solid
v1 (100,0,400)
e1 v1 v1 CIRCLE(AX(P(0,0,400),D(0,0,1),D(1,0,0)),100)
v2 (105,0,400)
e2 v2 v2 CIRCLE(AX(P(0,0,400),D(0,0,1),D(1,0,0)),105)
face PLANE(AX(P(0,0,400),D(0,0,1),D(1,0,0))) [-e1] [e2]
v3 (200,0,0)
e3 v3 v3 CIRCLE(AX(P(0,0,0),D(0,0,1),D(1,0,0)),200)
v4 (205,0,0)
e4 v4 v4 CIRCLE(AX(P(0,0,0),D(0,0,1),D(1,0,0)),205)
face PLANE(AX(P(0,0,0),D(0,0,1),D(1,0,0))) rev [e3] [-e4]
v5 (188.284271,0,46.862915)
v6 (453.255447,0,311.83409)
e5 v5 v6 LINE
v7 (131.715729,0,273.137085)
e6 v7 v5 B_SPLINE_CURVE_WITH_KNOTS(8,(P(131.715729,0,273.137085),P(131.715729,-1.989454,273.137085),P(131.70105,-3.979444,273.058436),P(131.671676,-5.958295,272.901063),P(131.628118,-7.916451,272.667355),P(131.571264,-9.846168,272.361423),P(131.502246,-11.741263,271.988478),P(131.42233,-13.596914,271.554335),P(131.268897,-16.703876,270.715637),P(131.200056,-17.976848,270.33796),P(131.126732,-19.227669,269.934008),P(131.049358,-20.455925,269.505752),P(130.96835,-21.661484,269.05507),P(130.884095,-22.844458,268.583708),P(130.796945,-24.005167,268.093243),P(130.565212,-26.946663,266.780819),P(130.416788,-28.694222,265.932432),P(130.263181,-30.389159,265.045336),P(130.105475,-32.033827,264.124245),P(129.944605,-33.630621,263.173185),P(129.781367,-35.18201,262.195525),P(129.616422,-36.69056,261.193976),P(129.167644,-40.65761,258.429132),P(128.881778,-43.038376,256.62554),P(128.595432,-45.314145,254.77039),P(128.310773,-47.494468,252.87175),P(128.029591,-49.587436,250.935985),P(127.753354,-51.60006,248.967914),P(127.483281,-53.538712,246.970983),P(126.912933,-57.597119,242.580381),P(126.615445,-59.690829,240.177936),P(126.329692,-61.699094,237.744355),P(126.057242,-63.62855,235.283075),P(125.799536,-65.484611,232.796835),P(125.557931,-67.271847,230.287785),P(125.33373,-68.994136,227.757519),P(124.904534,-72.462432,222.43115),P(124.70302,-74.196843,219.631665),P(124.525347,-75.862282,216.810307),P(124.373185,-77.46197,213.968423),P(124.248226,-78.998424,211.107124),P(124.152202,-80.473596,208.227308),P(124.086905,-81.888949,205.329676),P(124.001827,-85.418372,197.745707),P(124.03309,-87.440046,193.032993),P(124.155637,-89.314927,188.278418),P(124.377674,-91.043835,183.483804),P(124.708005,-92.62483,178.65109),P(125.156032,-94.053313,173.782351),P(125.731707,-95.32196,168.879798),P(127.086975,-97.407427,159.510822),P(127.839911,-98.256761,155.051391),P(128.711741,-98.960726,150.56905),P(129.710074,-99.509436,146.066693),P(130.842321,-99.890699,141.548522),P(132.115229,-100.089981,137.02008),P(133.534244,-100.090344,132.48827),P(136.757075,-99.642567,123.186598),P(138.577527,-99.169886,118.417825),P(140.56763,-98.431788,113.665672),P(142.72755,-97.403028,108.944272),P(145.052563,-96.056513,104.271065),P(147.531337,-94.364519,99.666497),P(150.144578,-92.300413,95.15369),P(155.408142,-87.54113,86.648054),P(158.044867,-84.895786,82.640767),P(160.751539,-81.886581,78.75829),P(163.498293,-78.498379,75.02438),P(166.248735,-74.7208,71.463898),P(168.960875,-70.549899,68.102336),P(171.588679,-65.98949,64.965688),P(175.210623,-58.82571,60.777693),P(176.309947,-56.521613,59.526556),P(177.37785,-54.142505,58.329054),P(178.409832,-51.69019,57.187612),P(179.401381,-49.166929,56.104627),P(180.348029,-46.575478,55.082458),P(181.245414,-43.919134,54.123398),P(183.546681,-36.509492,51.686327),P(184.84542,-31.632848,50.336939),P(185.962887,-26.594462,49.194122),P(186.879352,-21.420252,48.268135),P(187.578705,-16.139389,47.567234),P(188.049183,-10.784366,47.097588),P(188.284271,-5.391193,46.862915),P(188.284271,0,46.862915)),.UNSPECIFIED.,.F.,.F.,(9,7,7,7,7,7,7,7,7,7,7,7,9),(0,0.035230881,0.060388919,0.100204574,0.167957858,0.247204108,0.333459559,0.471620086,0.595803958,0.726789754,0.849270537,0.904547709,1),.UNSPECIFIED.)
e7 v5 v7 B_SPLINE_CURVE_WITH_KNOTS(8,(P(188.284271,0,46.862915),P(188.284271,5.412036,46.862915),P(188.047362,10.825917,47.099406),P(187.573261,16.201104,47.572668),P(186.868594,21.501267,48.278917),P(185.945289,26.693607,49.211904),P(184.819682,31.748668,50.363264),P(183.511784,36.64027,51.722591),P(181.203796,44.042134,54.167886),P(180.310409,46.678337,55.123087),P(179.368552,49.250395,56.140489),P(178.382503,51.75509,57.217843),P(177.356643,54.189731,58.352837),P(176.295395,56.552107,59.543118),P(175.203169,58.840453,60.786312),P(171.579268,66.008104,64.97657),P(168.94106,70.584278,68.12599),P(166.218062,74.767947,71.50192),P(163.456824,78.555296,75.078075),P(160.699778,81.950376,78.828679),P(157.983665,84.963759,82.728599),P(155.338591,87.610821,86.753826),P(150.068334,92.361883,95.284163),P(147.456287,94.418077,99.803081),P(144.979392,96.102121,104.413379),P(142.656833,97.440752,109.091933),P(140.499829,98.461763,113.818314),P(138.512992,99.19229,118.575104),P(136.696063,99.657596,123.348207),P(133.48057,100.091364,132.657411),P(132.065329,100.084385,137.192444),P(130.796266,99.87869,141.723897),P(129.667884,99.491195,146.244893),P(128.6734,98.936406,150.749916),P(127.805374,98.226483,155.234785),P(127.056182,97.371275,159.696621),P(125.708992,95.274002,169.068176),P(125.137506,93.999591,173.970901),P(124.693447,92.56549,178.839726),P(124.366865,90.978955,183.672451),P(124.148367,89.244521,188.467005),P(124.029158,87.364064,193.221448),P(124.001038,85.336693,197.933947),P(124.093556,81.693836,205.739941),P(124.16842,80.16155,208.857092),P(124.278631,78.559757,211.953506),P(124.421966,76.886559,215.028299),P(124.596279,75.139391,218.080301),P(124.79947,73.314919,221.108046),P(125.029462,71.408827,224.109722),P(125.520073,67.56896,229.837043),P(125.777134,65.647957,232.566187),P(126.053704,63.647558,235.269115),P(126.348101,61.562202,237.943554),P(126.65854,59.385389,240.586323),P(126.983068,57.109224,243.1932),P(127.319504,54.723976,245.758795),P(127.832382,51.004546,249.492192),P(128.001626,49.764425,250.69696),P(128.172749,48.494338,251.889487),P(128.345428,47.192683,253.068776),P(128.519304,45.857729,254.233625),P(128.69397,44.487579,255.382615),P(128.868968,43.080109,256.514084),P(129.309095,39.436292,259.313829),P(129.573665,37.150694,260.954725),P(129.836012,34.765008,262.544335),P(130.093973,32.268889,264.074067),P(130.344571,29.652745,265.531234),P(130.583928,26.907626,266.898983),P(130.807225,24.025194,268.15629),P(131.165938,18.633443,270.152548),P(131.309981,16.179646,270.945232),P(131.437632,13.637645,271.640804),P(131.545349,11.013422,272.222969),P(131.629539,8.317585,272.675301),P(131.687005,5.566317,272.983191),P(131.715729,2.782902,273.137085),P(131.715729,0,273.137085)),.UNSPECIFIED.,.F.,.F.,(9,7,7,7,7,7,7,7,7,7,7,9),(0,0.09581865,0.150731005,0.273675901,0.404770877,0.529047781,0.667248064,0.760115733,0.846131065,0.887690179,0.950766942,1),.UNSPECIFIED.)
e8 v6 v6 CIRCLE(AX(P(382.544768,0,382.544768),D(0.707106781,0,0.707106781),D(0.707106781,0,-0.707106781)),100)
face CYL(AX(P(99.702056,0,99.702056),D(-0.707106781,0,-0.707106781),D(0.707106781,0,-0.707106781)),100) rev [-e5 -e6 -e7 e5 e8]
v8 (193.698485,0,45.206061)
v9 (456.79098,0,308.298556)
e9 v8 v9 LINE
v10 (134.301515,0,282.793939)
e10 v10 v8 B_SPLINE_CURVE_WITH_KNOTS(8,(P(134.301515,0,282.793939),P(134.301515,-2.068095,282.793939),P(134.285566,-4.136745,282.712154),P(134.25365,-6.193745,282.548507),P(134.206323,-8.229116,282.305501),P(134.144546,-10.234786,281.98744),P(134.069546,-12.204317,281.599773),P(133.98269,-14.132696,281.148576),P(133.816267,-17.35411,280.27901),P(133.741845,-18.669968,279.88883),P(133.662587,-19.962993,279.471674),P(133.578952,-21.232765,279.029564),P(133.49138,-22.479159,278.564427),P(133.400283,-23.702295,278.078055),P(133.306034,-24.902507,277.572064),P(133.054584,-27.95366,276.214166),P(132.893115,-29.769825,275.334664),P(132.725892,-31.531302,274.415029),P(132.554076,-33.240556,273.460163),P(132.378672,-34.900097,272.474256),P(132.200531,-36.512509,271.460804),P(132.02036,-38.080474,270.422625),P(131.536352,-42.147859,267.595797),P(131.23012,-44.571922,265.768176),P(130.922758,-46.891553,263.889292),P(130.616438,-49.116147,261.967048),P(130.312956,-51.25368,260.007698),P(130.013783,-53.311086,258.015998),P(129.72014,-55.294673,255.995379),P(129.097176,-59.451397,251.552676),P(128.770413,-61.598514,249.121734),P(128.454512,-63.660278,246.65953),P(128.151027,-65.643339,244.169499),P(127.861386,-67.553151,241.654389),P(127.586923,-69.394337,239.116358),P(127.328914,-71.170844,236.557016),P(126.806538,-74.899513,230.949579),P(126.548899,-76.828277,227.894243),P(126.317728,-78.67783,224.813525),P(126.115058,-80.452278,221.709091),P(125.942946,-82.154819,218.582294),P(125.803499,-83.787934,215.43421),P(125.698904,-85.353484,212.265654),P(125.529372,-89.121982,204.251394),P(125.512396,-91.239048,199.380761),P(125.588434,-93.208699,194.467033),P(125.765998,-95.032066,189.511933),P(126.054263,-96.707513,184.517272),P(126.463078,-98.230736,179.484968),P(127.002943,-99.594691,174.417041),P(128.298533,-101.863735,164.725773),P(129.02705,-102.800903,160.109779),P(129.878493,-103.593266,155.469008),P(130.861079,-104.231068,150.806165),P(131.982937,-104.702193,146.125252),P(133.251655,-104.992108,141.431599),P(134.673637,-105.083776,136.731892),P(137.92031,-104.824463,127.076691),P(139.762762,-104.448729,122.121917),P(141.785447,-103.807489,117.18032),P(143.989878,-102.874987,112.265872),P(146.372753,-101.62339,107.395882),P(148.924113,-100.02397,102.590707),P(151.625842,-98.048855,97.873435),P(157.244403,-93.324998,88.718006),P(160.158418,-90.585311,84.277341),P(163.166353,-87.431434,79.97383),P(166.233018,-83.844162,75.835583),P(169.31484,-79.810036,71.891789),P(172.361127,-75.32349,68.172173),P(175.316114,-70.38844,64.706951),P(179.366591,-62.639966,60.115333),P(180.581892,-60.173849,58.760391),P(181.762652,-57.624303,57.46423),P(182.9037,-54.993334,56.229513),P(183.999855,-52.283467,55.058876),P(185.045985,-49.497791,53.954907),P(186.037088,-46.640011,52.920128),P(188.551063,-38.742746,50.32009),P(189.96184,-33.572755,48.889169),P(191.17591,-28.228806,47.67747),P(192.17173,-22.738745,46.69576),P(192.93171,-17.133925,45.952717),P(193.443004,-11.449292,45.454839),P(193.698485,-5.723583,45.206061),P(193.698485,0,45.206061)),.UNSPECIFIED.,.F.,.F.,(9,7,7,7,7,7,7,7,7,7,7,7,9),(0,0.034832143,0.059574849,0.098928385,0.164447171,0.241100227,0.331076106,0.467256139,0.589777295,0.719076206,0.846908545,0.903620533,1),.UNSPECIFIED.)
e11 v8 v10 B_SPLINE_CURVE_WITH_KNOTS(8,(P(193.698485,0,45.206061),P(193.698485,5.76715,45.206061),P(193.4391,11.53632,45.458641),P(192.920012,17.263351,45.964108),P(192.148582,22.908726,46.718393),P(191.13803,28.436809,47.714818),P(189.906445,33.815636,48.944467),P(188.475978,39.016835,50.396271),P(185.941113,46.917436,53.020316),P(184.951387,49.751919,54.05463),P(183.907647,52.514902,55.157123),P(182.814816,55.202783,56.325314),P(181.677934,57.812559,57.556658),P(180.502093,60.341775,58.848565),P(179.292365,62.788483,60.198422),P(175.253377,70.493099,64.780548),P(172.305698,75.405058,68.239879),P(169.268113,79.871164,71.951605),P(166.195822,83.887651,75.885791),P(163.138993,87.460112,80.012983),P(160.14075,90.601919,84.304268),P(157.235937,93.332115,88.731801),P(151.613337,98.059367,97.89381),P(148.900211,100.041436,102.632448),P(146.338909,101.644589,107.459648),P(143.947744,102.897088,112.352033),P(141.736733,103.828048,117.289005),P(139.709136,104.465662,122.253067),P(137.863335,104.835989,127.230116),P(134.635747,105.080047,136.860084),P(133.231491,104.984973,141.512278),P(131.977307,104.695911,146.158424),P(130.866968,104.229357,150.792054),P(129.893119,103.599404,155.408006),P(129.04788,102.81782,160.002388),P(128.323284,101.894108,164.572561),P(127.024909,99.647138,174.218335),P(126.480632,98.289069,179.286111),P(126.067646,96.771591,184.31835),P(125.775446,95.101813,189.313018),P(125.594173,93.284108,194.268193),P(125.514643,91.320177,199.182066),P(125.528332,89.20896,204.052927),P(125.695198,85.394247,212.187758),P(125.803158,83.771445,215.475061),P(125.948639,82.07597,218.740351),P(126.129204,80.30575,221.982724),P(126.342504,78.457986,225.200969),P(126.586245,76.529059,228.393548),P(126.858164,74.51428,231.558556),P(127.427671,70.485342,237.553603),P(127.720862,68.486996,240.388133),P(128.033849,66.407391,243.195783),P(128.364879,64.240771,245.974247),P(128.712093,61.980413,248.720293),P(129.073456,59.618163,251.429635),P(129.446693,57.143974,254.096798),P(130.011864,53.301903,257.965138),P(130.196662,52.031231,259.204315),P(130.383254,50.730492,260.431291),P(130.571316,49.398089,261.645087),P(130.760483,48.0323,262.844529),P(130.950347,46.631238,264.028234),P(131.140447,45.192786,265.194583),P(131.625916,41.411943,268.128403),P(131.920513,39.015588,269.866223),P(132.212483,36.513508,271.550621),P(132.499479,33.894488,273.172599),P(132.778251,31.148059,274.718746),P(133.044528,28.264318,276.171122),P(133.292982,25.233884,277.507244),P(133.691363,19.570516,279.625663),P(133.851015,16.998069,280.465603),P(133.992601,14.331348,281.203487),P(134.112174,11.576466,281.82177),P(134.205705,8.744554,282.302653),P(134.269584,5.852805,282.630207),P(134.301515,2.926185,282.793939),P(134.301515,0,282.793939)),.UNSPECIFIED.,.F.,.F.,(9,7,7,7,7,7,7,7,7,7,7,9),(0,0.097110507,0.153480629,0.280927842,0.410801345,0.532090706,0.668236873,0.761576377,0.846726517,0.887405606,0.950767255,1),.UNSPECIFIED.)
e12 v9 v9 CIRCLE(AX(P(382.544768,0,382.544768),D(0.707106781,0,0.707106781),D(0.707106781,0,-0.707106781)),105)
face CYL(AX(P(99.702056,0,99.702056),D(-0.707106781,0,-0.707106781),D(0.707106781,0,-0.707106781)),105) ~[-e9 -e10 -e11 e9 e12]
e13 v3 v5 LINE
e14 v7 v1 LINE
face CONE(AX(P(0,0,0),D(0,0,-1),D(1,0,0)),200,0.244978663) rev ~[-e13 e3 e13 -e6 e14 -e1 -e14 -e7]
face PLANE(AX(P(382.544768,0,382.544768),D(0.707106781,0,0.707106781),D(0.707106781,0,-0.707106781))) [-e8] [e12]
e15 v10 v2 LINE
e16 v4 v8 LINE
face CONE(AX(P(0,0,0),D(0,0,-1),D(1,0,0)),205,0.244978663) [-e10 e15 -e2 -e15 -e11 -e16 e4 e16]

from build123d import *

# Parameters (mm, degrees)
CYLINDER_R              = 100
CYLINDER_DEPTH          = 400
CYLINDER_PITCH_ANGLE    = 45
CYLINDER001_R           = 105
CYLINDER001_DEPTH       = 400
CYLINDER001_PITCH_ANGLE = 45


with BuildPart() as cylinder:
    # Cylinder → Cylinder (new body)
    with BuildSketch(Plane.XY):
        Circle(CYLINDER_R)
    extrude(amount=CYLINDER_DEPTH)


with BuildPart() as cylinder_1:
    # Cylinder pitch: moved
    add(cylinder.part.rotate(Axis((0, 0, 0), (0, 1, 0)), CYLINDER_PITCH_ANGLE))


with BuildPart() as cylinder_2:
    # Cylinder placement: moved
    add(cylinder_1.part.moved(Location((99.702056, 0, 99.702056))))


with BuildPart() as fusion:
    # Cone → Cone (revolve)
    with BuildSketch(Plane.XZ):
        Polygon((0, 0), (200, 0), (100, 400), (0, 400), align=None)
    revolve(axis=Axis((0, 0, 0), (0, 0, 1)))

    # Fusion: union Cylinder
    add(cylinder_2.part)


with BuildPart() as cylinder001:
    # Cylinder001 → Cylinder001 (new body)
    with BuildSketch(Plane.XY):
        Circle(CYLINDER001_R)
    extrude(amount=CYLINDER001_DEPTH)


with BuildPart() as cylinder001_1:
    # Cylinder001 pitch: moved
    add(cylinder001.part.rotate(Axis((0, 0, 0), (0, 1, 0)), CYLINDER001_PITCH_ANGLE))


with BuildPart() as cylinder001_2:
    # Cylinder001 placement: moved
    add(cylinder001_1.part.moved(Location((99.702056, 0, 99.702056))))


with BuildPart() as cut:
    # Cone001 → Cone001 (revolve)
    with BuildSketch(Plane.XZ):
        Polygon((0, 0), (205, 0), (105, 400), (0, 400), align=None)
    revolve(axis=Axis((0, 0, 0), (0, 0, 1)))

    # Fusion001: union Cylinder001
    add(cylinder001_2.part)

    # Cut: cut Fusion
    add(fusion.part, mode=Mode.SUBTRACT)


solid = cut.part
